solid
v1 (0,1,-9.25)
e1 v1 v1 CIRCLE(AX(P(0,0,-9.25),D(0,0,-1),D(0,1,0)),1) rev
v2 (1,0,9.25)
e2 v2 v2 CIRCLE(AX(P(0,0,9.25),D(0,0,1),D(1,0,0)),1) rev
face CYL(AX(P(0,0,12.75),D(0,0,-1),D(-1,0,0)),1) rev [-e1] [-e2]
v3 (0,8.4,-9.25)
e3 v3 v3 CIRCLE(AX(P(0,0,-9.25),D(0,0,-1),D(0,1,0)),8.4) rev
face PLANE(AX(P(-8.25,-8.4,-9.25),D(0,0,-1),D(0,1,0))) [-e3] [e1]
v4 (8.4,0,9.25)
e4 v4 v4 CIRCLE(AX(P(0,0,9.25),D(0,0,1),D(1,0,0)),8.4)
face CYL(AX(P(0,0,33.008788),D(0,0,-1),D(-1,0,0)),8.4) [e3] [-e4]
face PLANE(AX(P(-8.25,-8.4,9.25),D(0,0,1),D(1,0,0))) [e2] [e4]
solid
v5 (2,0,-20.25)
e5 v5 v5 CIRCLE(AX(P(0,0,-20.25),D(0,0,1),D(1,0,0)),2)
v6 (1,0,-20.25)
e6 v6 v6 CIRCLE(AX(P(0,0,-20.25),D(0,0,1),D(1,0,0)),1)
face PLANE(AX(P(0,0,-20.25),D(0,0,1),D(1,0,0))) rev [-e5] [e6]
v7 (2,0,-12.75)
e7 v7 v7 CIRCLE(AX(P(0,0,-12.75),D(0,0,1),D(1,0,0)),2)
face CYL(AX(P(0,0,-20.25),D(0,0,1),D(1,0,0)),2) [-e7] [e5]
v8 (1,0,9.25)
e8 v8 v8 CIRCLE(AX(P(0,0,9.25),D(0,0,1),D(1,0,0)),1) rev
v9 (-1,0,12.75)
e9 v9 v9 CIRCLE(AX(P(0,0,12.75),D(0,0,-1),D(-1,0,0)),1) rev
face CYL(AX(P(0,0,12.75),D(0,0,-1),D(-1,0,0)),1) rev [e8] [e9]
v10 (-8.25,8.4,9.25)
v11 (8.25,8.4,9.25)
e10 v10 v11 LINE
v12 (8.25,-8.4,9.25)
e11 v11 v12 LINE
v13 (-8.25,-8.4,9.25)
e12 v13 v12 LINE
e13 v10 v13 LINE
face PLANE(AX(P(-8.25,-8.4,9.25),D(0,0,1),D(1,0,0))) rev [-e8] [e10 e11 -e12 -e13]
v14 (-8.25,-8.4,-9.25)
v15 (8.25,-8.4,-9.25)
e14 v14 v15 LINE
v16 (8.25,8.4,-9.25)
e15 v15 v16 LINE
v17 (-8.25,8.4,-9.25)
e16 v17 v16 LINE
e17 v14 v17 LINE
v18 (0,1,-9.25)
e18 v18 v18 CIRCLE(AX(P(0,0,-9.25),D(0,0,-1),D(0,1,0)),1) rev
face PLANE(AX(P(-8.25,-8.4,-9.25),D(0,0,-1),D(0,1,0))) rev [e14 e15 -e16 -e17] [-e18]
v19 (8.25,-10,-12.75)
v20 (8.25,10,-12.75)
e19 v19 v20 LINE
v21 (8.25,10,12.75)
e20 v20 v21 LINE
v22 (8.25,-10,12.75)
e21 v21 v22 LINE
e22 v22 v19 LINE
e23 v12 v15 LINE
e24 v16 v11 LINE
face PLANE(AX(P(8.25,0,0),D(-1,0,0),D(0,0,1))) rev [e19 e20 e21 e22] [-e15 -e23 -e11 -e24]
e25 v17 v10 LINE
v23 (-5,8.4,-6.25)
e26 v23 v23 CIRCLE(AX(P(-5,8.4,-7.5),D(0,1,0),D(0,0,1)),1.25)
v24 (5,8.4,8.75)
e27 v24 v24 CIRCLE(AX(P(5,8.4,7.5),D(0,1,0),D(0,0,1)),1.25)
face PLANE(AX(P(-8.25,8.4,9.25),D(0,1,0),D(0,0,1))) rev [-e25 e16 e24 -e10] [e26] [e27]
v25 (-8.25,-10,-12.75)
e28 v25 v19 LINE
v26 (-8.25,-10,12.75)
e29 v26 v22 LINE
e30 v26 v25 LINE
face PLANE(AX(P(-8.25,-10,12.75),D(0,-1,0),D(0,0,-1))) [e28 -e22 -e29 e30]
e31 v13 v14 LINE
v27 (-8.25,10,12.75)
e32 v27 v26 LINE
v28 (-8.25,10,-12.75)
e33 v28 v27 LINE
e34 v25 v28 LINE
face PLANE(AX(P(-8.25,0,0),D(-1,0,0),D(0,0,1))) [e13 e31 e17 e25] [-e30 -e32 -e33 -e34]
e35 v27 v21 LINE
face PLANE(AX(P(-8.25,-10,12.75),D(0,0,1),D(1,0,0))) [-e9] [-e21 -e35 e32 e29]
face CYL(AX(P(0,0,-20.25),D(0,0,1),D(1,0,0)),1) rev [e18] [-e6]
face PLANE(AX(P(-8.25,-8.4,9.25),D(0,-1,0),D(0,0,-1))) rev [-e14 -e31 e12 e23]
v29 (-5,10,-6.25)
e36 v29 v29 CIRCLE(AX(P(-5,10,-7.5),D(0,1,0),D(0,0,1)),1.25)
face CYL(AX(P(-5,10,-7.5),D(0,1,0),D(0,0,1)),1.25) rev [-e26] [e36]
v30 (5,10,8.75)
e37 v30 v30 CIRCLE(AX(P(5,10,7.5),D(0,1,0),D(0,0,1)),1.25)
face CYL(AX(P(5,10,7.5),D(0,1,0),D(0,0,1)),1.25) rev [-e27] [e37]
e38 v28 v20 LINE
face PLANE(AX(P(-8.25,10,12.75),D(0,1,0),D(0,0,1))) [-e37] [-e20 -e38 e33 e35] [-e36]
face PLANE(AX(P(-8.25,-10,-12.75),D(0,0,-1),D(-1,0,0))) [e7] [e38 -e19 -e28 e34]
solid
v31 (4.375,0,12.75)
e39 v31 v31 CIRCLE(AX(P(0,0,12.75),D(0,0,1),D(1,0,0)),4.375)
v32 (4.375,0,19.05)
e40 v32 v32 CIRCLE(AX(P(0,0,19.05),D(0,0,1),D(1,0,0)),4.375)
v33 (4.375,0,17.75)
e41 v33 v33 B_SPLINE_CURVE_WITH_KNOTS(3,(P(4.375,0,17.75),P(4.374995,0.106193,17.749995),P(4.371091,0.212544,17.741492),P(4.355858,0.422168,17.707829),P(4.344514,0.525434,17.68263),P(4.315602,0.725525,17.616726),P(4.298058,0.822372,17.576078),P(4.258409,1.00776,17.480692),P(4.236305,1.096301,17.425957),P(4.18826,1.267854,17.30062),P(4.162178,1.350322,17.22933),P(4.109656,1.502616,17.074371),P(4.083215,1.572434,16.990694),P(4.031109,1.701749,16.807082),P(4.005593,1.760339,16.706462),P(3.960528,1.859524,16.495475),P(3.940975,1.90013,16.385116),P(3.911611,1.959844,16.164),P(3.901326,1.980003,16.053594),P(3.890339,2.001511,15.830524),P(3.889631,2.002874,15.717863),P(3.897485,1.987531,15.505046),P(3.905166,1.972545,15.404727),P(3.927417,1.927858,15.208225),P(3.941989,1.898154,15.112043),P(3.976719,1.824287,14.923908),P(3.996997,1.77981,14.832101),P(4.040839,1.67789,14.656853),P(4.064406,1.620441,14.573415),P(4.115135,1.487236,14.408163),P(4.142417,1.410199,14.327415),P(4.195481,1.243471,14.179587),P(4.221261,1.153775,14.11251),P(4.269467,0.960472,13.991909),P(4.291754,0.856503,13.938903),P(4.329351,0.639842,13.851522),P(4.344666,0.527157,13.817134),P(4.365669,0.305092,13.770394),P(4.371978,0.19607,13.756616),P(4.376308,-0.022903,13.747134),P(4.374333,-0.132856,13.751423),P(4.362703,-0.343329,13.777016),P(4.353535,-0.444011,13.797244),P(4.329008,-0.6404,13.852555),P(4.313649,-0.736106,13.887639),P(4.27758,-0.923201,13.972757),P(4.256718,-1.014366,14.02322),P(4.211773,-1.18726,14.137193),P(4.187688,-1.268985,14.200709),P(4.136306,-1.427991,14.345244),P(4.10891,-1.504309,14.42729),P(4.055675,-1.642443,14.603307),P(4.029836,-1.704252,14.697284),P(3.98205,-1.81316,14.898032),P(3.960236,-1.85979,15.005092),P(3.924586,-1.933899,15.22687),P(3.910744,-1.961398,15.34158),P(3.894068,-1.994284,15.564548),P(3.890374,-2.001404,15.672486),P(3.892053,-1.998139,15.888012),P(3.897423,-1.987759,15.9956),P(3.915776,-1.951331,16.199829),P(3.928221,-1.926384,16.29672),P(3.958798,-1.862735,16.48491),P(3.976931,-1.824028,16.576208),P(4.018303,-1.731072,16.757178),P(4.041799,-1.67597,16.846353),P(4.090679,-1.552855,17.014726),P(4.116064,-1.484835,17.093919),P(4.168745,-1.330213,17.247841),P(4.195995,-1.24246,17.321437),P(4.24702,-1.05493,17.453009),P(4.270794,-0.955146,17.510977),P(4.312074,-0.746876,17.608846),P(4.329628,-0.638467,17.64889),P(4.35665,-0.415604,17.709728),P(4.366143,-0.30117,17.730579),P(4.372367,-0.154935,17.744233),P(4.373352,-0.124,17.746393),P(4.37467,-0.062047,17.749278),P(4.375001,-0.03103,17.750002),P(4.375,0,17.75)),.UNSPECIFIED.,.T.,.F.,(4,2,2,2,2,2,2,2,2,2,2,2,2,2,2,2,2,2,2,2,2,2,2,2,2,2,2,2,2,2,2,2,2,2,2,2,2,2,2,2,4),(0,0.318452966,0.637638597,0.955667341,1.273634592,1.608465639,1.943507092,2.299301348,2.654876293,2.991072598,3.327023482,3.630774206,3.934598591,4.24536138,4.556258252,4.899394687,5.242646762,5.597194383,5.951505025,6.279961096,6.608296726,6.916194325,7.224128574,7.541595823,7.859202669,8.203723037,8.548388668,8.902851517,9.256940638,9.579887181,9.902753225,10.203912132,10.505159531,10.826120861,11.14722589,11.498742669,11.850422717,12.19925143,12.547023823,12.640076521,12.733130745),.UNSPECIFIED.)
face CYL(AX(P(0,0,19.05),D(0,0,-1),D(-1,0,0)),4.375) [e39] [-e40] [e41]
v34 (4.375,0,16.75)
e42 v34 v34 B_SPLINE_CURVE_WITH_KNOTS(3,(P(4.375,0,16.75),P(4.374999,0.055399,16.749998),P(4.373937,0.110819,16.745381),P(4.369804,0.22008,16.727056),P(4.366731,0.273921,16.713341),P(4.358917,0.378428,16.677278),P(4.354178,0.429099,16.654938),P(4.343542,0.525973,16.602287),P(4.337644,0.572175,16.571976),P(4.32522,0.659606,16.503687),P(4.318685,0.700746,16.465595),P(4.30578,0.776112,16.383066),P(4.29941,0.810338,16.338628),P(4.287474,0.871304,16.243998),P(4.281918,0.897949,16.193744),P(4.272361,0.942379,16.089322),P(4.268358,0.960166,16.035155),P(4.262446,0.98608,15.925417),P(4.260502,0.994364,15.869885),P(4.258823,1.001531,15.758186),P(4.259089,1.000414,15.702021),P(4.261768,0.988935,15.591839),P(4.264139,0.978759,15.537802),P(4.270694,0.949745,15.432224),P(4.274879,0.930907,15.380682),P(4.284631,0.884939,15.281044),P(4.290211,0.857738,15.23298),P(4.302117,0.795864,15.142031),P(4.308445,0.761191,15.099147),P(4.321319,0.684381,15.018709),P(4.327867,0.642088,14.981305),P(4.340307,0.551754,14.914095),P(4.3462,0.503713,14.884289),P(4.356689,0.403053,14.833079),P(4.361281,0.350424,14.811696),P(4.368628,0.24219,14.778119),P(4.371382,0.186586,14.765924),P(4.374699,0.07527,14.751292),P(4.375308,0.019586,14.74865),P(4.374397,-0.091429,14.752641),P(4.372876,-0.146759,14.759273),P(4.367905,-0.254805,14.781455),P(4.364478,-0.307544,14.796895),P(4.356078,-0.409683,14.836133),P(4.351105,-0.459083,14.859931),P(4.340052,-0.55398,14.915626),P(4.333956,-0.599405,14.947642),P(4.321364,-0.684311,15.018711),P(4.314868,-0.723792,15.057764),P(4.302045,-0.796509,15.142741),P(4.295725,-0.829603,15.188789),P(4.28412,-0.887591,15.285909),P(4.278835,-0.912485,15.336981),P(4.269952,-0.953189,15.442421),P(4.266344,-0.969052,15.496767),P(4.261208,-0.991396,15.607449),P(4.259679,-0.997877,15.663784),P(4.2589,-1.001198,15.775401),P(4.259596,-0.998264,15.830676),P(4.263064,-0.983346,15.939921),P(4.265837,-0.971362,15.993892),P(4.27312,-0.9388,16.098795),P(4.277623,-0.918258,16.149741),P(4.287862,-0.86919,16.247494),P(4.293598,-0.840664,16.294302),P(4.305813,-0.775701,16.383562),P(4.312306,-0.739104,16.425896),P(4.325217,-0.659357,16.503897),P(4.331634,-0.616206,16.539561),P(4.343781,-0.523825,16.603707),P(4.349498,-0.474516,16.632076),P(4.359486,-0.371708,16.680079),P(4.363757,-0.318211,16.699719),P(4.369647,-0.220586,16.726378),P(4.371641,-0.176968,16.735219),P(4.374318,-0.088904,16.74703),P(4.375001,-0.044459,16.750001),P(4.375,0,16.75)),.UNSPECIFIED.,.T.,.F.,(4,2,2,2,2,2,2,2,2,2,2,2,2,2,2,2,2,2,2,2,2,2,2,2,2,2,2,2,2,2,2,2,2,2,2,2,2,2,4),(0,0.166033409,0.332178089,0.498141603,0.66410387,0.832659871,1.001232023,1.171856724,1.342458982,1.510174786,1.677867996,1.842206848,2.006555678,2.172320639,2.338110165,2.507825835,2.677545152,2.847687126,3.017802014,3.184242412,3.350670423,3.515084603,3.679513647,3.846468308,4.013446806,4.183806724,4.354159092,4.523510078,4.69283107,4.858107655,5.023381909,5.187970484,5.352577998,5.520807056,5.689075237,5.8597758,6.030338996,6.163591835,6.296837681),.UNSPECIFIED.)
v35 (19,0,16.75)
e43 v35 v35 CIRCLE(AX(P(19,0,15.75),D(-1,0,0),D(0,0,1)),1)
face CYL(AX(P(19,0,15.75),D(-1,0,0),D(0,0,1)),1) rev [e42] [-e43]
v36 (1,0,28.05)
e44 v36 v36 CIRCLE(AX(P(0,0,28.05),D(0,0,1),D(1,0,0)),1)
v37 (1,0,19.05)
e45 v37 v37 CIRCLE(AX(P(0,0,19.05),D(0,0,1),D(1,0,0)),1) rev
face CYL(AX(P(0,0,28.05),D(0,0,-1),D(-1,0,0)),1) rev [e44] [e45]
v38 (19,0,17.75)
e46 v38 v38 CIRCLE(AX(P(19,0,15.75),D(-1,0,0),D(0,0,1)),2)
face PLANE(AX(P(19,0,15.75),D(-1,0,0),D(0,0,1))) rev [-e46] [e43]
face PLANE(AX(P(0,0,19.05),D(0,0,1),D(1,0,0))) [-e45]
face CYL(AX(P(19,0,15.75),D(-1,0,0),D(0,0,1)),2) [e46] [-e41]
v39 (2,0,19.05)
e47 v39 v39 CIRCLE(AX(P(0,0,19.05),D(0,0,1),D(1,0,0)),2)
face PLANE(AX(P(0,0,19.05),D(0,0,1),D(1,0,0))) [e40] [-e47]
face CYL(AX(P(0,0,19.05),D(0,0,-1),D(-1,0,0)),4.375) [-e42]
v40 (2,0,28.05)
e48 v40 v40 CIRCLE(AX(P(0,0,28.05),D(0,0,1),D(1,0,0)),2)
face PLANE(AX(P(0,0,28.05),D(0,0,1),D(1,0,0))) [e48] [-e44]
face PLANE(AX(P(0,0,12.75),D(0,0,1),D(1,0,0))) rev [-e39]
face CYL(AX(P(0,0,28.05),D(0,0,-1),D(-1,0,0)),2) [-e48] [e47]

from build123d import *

# Parameters (mm, degrees)
FRAME_EXTRUDE_DEPTH                     = 8.25
FRAME_EXTRUDE_DEPTH_BACK                = 8.25
FRAME_SKETCH_W                          = 25.5
FRAME_SKETCH_H                          = 20
FRAME_SKETCH_W_2                        = 18.5
FRAME_SKETCH_H_2                        = 16.8
ELECTROMAGNET_EXTRUDE_REACH             = 20.183
ELECTROMAGNET_SKETCH_R                  = 8.4
ELECTROMAGNET_EXTRUDE_DIRECTION_2_REACH = 20.183
PORT_3_SKETCH_R                         = 2
PORT_3_SKETCH_R_2                       = 1
PORT_3_EXTRUDE_DEPTH                    = 7.5
PORT_3_SKETCH_3_R                       = 1
CENTER_HOLE_CUT_DEPTH                   = 29.649781849
BASE_OF_PORTS_1_2_SKETCH_R              = 4.375
BASE_OF_PORT_1_2_PORTS_DEPTH            = 6.3
PORT_2_SKETCH_R                         = 2
PORT_2_SKETCH_R_2                       = 1
PORT_2_EXTRUDE_DEPTH                    = 9
PORTS_1_SKETCH_R                        = 2
PORTS_1_SKETCH_R_2                      = 1
PORTS_1_EXTRUDE_DEPTH                   = 19
MOUNTING_HOLES_PROFILE_SKETCH_W         = 1.25
MOUNTING_HOLES_PROFILE_SKETCH_H         = 3.250185188
MOUNTING_HOLES_AT_2_COUNT               = 2
MOUNTING_HOLES_AT_2_PITCH               = 18.027756377


with BuildPart() as part:
    # Frame Sketch → Frame Extrude (new, two sides: drawn at the far end of the back side and taken through both)
    with BuildSketch(Plane(origin=(0, 0, 0), x_dir=(0, 0, -1), z_dir=(1, 0, 0)).offset(-FRAME_EXTRUDE_DEPTH_BACK)):
        Rectangle(FRAME_SKETCH_W, FRAME_SKETCH_H)
        Rectangle(FRAME_SKETCH_W_2, FRAME_SKETCH_H_2, mode=Mode.SUBTRACT)
    extrude(amount=FRAME_EXTRUDE_DEPTH + FRAME_EXTRUDE_DEPTH_BACK)


with BuildPart() as body_2:

    # Electromagnet Extrude: up to this face of the body (flat: up to its plane)
    electromagnet_extrude_end = Plane(part.part.faces().sort_by_distance((0, 0, 9.25))[0])
    # Electromagnet Sketch → Electromagnet Extrude (new, up to the picked face)
    with BuildSketch(Plane.XY, mode=Mode.PRIVATE) as electromagnet_extrude_sk1:
        with Locations(Location((0, 0, 0), (0, 0, 90))):
            Circle(ELECTROMAGNET_SKETCH_R)
    electromagnet_extrude_tool1 = split(extrude(electromagnet_extrude_sk1.sketch, amount=ELECTROMAGNET_EXTRUDE_REACH, mode=Mode.PRIVATE), bisect_by=electromagnet_extrude_end, keep=Keep.BOTH, mode=Mode.PRIVATE)
    add(electromagnet_extrude_tool1.solids().sort_by(Axis((0, 0, 0), (0, 0, 1)))[0])


    # Electromagnet Extrude direction 2: up to this face of the body (flat: up to its plane)
    electromagnet_extrude_direction_2_end = Plane(part.part.faces().sort_by_distance((0, 0, -9.25))[0])
    # Electromagnet Sketch → Electromagnet Extrude direction 2 (add, up to the picked face)
    with BuildSketch(Plane.XY, mode=Mode.PRIVATE) as electromagnet_extrude_direction_2_sk1:
        with Locations(Location((0, 0, 0), (0, 0, 90))):
            Circle(ELECTROMAGNET_SKETCH_R)
    electromagnet_extrude_direction_2_tool1 = split(extrude(electromagnet_extrude_direction_2_sk1.sketch, amount=-ELECTROMAGNET_EXTRUDE_DIRECTION_2_REACH, mode=Mode.PRIVATE), bisect_by=electromagnet_extrude_direction_2_end, keep=Keep.BOTH, mode=Mode.PRIVATE)
    add(electromagnet_extrude_direction_2_tool1.solids().sort_by(Axis((0, 0, 0), (0, 0, -1)))[0])


with BuildPart() as part_1:
    add(part.part)

    # Port 3 Sketch → Port 3 Extrude (add)
    with BuildSketch(Plane.XY.offset(-12.75)):
        Circle(PORT_3_SKETCH_R)
        Circle(PORT_3_SKETCH_R_2, mode=Mode.SUBTRACT)
    extrude(amount=-PORT_3_EXTRUDE_DEPTH)


with BuildPart() as center_hole_cut_tool:
    # Port 3 Sketch<3> → Center Hole Cut (new, through all)
    with BuildSketch(Plane.XY.offset(-12.75)):
        with Locations(Location((0, 0, 0), (0, 0, 90))):
            Circle(PORT_3_SKETCH_3_R)
    extrude(amount=CENTER_HOLE_CUT_DEPTH)


with BuildPart() as part_2:
    add(part_1.part)

    # Center Hole Cut: cut by center_hole_cut_tool
    add(center_hole_cut_tool.part, mode=Mode.SUBTRACT)

    # Mounting Holes Profile Sketch → Mounting Holes (revolve, cut)
    with BuildSketch(Plane(origin=(5, 10, 7.5), x_dir=(0, 0, 1), z_dir=(1, 0, 0))):
        with Locations((0.625, 1.625092594)):
            Rectangle(MOUNTING_HOLES_PROFILE_SKETCH_W, MOUNTING_HOLES_PROFILE_SKETCH_H)
    mounting_holes = revolve(axis=Axis((5, 16.35, 7.5), (0, -1, 0)), mode=Mode.SUBTRACT)

    # Mounting Holes at 2: Mounting Holes ×2
    with Locations(*[Vector(-0.5547001962252294, 0, -0.8320502943378435) * (i * MOUNTING_HOLES_AT_2_PITCH) for i in range(1, MOUNTING_HOLES_AT_2_COUNT)]):
        add(mounting_holes, mode=Mode.SUBTRACT)


with BuildPart() as body_2_1:
    add(body_2.part)

    # Center Hole Cut: cut by center_hole_cut_tool
    add(center_hole_cut_tool.part, mode=Mode.SUBTRACT)


with BuildPart() as body_3:
    # Base of Ports 1&2 Sketch → Base of Port 1&2 Ports (new body)
    with BuildSketch(Plane.XY.offset(12.75)):
        Circle(BASE_OF_PORTS_1_2_SKETCH_R)
    extrude(amount=BASE_OF_PORT_1_2_PORTS_DEPTH)

    # Port 2 Sketch → Port 2 Extrude (add)
    with BuildSketch(Plane.XY.offset(19.05)):
        Circle(PORT_2_SKETCH_R)
        Circle(PORT_2_SKETCH_R_2, mode=Mode.SUBTRACT)
    extrude(amount=PORT_2_EXTRUDE_DEPTH)

    # Ports 1 Sketch → Ports 1 Extrude (add)
    with BuildSketch(Plane(origin=(0, 2.609545443, 0), x_dir=(0, 0, -1), z_dir=(-1, 0, 0))):
        with Locations(Location((-15.75, 2.609545443, 0), (0, 0, 180))):
            Circle(PORTS_1_SKETCH_R)
        with Locations(Location((-15.75, 2.609545443, 0), (0, 0, 180))):
            Circle(PORTS_1_SKETCH_R_2, mode=Mode.SUBTRACT)
    extrude(amount=-PORTS_1_EXTRUDE_DEPTH)


solid = Compound([part_2.part, body_2_1.part, body_3.part])
